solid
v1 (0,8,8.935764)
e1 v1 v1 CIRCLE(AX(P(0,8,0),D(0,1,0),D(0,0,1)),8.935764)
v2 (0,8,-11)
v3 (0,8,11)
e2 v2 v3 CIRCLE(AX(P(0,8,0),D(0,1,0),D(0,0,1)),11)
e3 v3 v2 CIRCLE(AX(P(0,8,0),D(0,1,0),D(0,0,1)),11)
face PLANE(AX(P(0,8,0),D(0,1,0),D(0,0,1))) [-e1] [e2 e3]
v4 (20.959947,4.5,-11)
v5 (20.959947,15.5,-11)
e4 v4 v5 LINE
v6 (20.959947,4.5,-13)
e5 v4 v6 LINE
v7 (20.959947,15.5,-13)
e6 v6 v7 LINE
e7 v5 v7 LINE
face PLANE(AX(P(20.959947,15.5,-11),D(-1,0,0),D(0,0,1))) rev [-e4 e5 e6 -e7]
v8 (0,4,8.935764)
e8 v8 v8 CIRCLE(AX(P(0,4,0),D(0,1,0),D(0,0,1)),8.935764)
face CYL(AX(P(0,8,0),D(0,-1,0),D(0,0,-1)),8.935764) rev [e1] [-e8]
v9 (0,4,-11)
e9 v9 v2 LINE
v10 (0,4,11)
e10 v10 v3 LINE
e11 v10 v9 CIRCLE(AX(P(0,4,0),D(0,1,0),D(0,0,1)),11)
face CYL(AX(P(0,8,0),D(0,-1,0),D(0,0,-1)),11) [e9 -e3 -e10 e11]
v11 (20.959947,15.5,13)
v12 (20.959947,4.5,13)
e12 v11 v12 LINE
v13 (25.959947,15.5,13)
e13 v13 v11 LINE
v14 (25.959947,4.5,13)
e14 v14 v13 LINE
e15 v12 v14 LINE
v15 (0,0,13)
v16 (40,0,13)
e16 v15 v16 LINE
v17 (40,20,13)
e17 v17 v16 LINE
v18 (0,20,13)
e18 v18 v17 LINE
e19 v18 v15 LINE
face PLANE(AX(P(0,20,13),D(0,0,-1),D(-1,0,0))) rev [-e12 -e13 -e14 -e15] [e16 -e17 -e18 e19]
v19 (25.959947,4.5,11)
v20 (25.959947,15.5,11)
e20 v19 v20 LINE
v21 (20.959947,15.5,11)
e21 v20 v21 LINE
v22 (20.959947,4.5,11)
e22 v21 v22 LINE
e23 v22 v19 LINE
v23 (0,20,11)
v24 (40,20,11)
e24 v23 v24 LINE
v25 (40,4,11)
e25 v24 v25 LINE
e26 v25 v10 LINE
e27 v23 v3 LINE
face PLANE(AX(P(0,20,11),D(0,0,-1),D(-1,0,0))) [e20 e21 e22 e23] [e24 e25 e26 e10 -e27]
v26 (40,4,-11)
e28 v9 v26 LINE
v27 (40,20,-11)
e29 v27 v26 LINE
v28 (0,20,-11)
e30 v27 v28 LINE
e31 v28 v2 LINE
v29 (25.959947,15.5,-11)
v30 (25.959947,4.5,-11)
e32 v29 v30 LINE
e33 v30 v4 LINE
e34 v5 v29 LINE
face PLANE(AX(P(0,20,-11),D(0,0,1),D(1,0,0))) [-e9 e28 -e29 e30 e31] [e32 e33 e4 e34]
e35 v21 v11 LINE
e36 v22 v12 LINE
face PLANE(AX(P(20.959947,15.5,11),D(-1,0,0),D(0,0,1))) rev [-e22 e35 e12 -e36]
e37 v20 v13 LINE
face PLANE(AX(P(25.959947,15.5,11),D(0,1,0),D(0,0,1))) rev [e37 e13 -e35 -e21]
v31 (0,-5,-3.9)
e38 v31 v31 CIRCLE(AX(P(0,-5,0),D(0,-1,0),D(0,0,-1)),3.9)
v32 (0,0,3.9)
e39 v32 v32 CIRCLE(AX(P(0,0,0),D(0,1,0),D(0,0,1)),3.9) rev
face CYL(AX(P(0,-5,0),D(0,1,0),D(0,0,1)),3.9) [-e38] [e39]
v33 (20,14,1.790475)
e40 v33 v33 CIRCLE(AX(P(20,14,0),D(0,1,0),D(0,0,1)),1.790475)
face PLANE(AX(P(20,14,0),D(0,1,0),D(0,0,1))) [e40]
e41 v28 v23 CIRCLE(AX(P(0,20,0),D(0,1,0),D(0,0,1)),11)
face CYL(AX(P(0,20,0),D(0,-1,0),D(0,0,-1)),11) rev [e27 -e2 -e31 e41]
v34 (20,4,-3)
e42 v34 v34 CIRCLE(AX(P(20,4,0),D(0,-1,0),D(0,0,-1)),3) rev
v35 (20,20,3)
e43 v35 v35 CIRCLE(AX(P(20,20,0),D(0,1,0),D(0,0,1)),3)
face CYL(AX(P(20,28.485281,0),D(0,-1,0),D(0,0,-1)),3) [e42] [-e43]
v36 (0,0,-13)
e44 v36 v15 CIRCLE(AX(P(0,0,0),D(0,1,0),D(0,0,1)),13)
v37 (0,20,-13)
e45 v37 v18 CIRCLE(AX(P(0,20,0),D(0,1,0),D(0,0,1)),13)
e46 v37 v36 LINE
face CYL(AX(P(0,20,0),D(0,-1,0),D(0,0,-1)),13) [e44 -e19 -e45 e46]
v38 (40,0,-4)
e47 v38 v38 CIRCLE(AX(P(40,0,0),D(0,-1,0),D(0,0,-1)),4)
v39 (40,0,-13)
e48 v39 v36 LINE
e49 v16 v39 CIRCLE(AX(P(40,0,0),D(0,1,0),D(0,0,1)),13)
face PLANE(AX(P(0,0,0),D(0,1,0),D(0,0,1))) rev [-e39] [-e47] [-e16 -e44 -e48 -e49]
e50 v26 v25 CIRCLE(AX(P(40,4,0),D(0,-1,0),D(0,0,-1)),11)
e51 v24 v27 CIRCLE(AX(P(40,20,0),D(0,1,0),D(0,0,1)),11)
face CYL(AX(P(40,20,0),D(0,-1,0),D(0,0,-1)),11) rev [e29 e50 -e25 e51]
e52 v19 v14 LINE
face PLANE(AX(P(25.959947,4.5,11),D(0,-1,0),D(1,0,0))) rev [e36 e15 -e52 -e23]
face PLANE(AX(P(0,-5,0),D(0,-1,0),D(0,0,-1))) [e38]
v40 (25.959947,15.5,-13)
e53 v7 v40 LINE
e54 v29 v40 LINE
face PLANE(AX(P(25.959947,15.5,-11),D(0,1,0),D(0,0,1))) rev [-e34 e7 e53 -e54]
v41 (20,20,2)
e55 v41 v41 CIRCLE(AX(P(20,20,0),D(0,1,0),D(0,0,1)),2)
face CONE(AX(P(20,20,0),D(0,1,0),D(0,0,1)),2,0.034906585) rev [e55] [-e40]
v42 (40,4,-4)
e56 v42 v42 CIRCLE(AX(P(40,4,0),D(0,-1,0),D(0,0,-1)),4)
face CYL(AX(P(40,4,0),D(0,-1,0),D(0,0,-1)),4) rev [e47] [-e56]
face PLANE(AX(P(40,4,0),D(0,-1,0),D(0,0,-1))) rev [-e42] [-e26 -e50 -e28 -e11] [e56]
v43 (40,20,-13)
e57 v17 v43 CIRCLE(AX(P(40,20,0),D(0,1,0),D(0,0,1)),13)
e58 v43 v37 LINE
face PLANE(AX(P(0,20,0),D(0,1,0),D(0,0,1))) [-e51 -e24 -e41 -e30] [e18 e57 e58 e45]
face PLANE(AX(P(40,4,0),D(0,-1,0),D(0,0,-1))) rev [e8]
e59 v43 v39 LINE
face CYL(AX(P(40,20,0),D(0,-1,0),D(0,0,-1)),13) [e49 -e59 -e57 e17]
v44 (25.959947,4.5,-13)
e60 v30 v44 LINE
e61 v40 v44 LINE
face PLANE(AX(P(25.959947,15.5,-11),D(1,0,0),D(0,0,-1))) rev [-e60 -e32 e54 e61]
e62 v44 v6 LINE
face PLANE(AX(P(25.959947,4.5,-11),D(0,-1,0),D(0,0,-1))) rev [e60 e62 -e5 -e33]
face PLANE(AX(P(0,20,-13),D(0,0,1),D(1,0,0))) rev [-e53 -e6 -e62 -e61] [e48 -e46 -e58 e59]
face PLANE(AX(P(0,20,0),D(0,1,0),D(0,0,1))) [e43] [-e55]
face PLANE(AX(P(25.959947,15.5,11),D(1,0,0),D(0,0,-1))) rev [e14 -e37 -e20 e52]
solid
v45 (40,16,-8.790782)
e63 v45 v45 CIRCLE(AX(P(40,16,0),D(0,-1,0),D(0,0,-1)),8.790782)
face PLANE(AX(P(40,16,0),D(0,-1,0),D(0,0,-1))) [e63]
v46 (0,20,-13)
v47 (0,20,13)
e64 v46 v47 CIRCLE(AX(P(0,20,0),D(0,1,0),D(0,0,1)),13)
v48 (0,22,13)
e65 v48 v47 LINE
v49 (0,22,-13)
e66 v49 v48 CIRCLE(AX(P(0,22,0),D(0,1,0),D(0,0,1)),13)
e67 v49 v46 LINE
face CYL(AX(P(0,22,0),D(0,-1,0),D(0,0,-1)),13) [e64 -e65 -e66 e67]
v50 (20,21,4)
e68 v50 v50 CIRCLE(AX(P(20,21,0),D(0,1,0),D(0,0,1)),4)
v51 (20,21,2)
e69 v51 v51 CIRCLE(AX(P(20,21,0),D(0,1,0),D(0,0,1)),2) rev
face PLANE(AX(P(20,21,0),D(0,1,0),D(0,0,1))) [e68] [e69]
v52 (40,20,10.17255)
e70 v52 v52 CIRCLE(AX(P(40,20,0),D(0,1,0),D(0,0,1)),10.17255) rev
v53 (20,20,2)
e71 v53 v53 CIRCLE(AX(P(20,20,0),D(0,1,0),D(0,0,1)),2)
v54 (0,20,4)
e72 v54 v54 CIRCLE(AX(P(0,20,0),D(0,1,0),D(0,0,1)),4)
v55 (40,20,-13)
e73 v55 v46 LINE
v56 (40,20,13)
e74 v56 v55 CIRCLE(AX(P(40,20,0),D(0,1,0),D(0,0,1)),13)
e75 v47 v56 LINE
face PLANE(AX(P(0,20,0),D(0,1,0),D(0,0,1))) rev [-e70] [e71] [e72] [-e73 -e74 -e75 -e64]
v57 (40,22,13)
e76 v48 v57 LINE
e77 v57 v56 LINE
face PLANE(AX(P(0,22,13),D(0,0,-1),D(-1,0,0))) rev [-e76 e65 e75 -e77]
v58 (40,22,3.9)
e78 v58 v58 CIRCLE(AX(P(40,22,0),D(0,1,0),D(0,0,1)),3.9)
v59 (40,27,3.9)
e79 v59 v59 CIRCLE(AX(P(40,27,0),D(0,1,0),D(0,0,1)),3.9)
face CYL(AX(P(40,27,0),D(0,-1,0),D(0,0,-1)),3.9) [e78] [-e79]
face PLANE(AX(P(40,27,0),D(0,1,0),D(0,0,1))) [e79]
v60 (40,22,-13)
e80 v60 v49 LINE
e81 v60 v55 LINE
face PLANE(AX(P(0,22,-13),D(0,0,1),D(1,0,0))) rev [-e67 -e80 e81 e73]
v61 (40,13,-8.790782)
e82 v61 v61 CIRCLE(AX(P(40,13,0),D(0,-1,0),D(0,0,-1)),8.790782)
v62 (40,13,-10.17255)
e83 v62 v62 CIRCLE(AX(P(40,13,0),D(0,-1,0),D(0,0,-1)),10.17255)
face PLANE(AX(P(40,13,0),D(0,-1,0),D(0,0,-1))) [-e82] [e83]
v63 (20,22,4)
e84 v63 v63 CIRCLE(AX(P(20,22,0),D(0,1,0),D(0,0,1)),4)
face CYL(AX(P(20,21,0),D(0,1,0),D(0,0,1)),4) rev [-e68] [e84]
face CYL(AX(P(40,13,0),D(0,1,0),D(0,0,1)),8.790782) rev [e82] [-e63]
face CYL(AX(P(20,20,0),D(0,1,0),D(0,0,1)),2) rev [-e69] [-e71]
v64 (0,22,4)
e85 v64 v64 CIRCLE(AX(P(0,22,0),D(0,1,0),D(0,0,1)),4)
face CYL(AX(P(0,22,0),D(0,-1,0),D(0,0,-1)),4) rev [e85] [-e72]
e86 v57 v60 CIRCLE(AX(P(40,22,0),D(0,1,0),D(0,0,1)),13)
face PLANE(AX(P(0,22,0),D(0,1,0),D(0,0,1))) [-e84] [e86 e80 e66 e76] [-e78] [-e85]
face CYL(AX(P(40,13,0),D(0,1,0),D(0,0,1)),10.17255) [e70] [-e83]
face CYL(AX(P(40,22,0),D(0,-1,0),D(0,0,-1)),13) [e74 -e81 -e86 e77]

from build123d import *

# Parameters (mm, degrees)
BOSS_EXTRUDE1_DEPTH = 20
SKETCH2_R           = 4
BOSS_EXTRUDE2_DEPTH = 4
SKETCH3_R           = 11
SKETCH3_R_2         = 8.935764158
BOSS_EXTRUDE3_DEPTH = 4
SKETCH4_R           = 3
BOSS_EXTRUDE4_DEPTH = 16
SKETCH5_R           = 2
CUT_EXTRUDE1_DEPTH  = 6
CUT_EXTRUDE1_DRAFT  = -2
SKETCH6_R           = 4
BOSS_EXTRUDE5_DEPTH = 2
SKETCH7_R           = 2
CUT_EXTRUDE2_DEPTH  = 2
SKETCH8_R           = 4
CUT_EXTRUDE3_DEPTH  = 1
SKETCH9_R           = 10.172550013
SKETCH9_R_2         = 8.790782216
BOSS_EXTRUDE6_DEPTH = 7
SKETCH10_R          = 8.790782216
BOSS_EXTRUDE7_DEPTH = 4
SKETCH11_R          = 3.9
BOSS_EXTRUDE8_DEPTH = 5
SKETCH12_R          = 3.9
BOSS_EXTRUDE9_DEPTH = 5
SKETCH13_W          = 5
SKETCH13_H          = 11
CUT_EXTRUDE4_DEPTH  = 2
SKETCH14_W          = 5
SKETCH14_H          = 11
CUT_EXTRUDE5_DEPTH  = 2


with BuildPart() as part:
    # Sketch1 → Boss-Extrude1 (new body)
    with BuildSketch(Plane(origin=(0, 0, 0), x_dir=(1, 0, 0), z_dir=(0, 1, 0))):
        with BuildLine():
            Line((0, 13), (40, 13))
            ThreePointArc((40, 13), (53, 0), (40, -13))
            Line((40, -13), (0, -13))
            ThreePointArc((0, -13), (-13, 0), (0, 13))
        make_face()
        with BuildLine():
            Line((0, 11), (40, 11))
            ThreePointArc((40, 11), (51, 0), (40, -11))
            Line((40, -11), (0, -11))
            ThreePointArc((0, -11), (-11, 0), (0, 11))
        make_face(mode=Mode.SUBTRACT)
    extrude(amount=BOSS_EXTRUDE1_DEPTH)

    # Sketch2 → Boss-Extrude2 (add)
    with BuildSketch(Plane.XZ):
        with BuildLine():
            Line((20, 11), (0, 11))
            ThreePointArc((0, 11), (-11, 0), (0, -11))
            Line((0, -11), (20, -11))
            Line((20, -11), (40, -11))
            ThreePointArc((40, -11), (51, 0), (40, 11))
            Line((40, 11), (20, 11))
        make_face()
        with Locations(Location((40, 0, 0), (0, 0, 270))):
            Circle(SKETCH2_R, mode=Mode.SUBTRACT)
    extrude(amount=-BOSS_EXTRUDE2_DEPTH)

    # Sketch3 → Boss-Extrude3 (add)
    with BuildSketch(Plane(origin=(0, 4, 0), x_dir=(1, 0, 0), z_dir=(0, 1, 0))):
        Circle(SKETCH3_R)
        with Locations(Location((0, 0, 0), (0, 0, 270))):
            Circle(SKETCH3_R_2, mode=Mode.SUBTRACT)
    extrude(amount=BOSS_EXTRUDE3_DEPTH)

    # Sketch4 → Boss-Extrude4 (add)
    with BuildSketch(Plane(origin=(0, 4, 0), x_dir=(1, 0, 0), z_dir=(0, 1, 0))):
        with Locations(Location((20, 0, 0), (0, 0, 90))):
            Circle(SKETCH4_R)
    extrude(amount=BOSS_EXTRUDE4_DEPTH)


with BuildPart() as cut_extrude1_tool:
    # Sketch5 → Cut-Extrude1 (with draft: the straight prism first)
    with BuildSketch(Plane(origin=(0, 20, 0), x_dir=(1, 0, 0), z_dir=(0, 1, 0))):
        with Locations((20, 0)):
            Circle(SKETCH5_R)
    extrude(amount=-CUT_EXTRUDE1_DEPTH)
    # Cut-Extrude1: the draft: its side faces are tilted about the plane it starts from
    cut_extrude1_sides = [cut_extrude1_tool.faces().sort_by_distance(p)[0] for p in [
        (18, 17, 0),
    ]]
    draft(cut_extrude1_sides, Plane(origin=(0, 20, 0), x_dir=(1, 0, 0), z_dir=(0, 1, 0)), CUT_EXTRUDE1_DRAFT)


with BuildPart() as part_1:
    add(part.part)

    # Cut-Extrude1: cut by cut_extrude1_tool
    add(cut_extrude1_tool.part, mode=Mode.SUBTRACT)

    # Sketch11 → Boss-Extrude8 (add)
    with BuildSketch(Plane.XZ):
        with Locations(Location((0, 0, 0), (0, 0, 90))):
            Circle(SKETCH11_R)
    extrude(amount=BOSS_EXTRUDE8_DEPTH)

    # Sketch13 → Cut-Extrude4 (cut)
    with BuildSketch(Plane.XY.offset(13)):
        with Locations((23.459946743, 10)):
            Rectangle(SKETCH13_W, SKETCH13_H)
    extrude(amount=-CUT_EXTRUDE4_DEPTH, mode=Mode.SUBTRACT)

    # Sketch14 → Cut-Extrude5 (cut)
    with BuildSketch(Plane(origin=(0, 0, -13), x_dir=(-1, 0, 0), z_dir=(0, 0, -1))):
        with Locations((-23.459946743, 10)):
            Rectangle(SKETCH14_W, SKETCH14_H)
    extrude(amount=-CUT_EXTRUDE5_DEPTH, mode=Mode.SUBTRACT)


with BuildPart() as body_2:
    # Sketch6 → Boss-Extrude5 (new body)
    with BuildSketch(Plane(origin=(0, 20, 0), x_dir=(1, 0, 0), z_dir=(0, 1, 0))):
        with BuildLine():
            Line((0, 13), (40, 13))
            ThreePointArc((40, 13), (53, 0), (40, -13))
            Line((40, -13), (0, -13))
            ThreePointArc((0, -13), (-13, 0), (0, 13))
        make_face()
        with Locations(Location((0, 0, 0), (0, 0, 270))):
            Circle(SKETCH6_R, mode=Mode.SUBTRACT)
    extrude(amount=BOSS_EXTRUDE5_DEPTH)

    # Sketch7 → Cut-Extrude2 (cut)
    with BuildSketch(Plane(origin=(0, 22, 0), x_dir=(1, 0, 0), z_dir=(0, 1, 0))):
        with Locations(Location((20, 0, 0), (0, 0, 270))):
            Circle(SKETCH7_R)
    extrude(amount=-CUT_EXTRUDE2_DEPTH, mode=Mode.SUBTRACT)

    # Sketch8 → Cut-Extrude3 (cut)
    with BuildSketch(Plane(origin=(0, 22, 0), x_dir=(1, 0, 0), z_dir=(0, 1, 0))):
        with Locations(Location((20, 0, 0), (0, 0, 270))):
            Circle(SKETCH8_R)
    extrude(amount=-CUT_EXTRUDE3_DEPTH, mode=Mode.SUBTRACT)

    # Sketch9 → Boss-Extrude6 (add)
    with BuildSketch(Plane.XZ.offset(-20)):
        with Locations(Location((40, 0, 0), (0, 0, 90))):
            Circle(SKETCH9_R)
        with Locations(Location((40, 0, 0), (0, 0, 270))):
            Circle(SKETCH9_R_2, mode=Mode.SUBTRACT)
    extrude(amount=BOSS_EXTRUDE6_DEPTH)

    # Sketch10 → Boss-Extrude7 (add)
    with BuildSketch(Plane.XZ.offset(-20)):
        with Locations(Location((40, 0, 0), (0, 0, 270))):
            Circle(SKETCH10_R)
    extrude(amount=BOSS_EXTRUDE7_DEPTH)

    # Sketch12 → Boss-Extrude9 (add)
    with BuildSketch(Plane(origin=(0, 22, 0), x_dir=(1, 0, 0), z_dir=(0, 1, 0))):
        with Locations(Location((40, 0, 0), (0, 0, 270))):
            Circle(SKETCH12_R)
    extrude(amount=BOSS_EXTRUDE9_DEPTH)


solid = Compound([part_1.part, body_2.part])
